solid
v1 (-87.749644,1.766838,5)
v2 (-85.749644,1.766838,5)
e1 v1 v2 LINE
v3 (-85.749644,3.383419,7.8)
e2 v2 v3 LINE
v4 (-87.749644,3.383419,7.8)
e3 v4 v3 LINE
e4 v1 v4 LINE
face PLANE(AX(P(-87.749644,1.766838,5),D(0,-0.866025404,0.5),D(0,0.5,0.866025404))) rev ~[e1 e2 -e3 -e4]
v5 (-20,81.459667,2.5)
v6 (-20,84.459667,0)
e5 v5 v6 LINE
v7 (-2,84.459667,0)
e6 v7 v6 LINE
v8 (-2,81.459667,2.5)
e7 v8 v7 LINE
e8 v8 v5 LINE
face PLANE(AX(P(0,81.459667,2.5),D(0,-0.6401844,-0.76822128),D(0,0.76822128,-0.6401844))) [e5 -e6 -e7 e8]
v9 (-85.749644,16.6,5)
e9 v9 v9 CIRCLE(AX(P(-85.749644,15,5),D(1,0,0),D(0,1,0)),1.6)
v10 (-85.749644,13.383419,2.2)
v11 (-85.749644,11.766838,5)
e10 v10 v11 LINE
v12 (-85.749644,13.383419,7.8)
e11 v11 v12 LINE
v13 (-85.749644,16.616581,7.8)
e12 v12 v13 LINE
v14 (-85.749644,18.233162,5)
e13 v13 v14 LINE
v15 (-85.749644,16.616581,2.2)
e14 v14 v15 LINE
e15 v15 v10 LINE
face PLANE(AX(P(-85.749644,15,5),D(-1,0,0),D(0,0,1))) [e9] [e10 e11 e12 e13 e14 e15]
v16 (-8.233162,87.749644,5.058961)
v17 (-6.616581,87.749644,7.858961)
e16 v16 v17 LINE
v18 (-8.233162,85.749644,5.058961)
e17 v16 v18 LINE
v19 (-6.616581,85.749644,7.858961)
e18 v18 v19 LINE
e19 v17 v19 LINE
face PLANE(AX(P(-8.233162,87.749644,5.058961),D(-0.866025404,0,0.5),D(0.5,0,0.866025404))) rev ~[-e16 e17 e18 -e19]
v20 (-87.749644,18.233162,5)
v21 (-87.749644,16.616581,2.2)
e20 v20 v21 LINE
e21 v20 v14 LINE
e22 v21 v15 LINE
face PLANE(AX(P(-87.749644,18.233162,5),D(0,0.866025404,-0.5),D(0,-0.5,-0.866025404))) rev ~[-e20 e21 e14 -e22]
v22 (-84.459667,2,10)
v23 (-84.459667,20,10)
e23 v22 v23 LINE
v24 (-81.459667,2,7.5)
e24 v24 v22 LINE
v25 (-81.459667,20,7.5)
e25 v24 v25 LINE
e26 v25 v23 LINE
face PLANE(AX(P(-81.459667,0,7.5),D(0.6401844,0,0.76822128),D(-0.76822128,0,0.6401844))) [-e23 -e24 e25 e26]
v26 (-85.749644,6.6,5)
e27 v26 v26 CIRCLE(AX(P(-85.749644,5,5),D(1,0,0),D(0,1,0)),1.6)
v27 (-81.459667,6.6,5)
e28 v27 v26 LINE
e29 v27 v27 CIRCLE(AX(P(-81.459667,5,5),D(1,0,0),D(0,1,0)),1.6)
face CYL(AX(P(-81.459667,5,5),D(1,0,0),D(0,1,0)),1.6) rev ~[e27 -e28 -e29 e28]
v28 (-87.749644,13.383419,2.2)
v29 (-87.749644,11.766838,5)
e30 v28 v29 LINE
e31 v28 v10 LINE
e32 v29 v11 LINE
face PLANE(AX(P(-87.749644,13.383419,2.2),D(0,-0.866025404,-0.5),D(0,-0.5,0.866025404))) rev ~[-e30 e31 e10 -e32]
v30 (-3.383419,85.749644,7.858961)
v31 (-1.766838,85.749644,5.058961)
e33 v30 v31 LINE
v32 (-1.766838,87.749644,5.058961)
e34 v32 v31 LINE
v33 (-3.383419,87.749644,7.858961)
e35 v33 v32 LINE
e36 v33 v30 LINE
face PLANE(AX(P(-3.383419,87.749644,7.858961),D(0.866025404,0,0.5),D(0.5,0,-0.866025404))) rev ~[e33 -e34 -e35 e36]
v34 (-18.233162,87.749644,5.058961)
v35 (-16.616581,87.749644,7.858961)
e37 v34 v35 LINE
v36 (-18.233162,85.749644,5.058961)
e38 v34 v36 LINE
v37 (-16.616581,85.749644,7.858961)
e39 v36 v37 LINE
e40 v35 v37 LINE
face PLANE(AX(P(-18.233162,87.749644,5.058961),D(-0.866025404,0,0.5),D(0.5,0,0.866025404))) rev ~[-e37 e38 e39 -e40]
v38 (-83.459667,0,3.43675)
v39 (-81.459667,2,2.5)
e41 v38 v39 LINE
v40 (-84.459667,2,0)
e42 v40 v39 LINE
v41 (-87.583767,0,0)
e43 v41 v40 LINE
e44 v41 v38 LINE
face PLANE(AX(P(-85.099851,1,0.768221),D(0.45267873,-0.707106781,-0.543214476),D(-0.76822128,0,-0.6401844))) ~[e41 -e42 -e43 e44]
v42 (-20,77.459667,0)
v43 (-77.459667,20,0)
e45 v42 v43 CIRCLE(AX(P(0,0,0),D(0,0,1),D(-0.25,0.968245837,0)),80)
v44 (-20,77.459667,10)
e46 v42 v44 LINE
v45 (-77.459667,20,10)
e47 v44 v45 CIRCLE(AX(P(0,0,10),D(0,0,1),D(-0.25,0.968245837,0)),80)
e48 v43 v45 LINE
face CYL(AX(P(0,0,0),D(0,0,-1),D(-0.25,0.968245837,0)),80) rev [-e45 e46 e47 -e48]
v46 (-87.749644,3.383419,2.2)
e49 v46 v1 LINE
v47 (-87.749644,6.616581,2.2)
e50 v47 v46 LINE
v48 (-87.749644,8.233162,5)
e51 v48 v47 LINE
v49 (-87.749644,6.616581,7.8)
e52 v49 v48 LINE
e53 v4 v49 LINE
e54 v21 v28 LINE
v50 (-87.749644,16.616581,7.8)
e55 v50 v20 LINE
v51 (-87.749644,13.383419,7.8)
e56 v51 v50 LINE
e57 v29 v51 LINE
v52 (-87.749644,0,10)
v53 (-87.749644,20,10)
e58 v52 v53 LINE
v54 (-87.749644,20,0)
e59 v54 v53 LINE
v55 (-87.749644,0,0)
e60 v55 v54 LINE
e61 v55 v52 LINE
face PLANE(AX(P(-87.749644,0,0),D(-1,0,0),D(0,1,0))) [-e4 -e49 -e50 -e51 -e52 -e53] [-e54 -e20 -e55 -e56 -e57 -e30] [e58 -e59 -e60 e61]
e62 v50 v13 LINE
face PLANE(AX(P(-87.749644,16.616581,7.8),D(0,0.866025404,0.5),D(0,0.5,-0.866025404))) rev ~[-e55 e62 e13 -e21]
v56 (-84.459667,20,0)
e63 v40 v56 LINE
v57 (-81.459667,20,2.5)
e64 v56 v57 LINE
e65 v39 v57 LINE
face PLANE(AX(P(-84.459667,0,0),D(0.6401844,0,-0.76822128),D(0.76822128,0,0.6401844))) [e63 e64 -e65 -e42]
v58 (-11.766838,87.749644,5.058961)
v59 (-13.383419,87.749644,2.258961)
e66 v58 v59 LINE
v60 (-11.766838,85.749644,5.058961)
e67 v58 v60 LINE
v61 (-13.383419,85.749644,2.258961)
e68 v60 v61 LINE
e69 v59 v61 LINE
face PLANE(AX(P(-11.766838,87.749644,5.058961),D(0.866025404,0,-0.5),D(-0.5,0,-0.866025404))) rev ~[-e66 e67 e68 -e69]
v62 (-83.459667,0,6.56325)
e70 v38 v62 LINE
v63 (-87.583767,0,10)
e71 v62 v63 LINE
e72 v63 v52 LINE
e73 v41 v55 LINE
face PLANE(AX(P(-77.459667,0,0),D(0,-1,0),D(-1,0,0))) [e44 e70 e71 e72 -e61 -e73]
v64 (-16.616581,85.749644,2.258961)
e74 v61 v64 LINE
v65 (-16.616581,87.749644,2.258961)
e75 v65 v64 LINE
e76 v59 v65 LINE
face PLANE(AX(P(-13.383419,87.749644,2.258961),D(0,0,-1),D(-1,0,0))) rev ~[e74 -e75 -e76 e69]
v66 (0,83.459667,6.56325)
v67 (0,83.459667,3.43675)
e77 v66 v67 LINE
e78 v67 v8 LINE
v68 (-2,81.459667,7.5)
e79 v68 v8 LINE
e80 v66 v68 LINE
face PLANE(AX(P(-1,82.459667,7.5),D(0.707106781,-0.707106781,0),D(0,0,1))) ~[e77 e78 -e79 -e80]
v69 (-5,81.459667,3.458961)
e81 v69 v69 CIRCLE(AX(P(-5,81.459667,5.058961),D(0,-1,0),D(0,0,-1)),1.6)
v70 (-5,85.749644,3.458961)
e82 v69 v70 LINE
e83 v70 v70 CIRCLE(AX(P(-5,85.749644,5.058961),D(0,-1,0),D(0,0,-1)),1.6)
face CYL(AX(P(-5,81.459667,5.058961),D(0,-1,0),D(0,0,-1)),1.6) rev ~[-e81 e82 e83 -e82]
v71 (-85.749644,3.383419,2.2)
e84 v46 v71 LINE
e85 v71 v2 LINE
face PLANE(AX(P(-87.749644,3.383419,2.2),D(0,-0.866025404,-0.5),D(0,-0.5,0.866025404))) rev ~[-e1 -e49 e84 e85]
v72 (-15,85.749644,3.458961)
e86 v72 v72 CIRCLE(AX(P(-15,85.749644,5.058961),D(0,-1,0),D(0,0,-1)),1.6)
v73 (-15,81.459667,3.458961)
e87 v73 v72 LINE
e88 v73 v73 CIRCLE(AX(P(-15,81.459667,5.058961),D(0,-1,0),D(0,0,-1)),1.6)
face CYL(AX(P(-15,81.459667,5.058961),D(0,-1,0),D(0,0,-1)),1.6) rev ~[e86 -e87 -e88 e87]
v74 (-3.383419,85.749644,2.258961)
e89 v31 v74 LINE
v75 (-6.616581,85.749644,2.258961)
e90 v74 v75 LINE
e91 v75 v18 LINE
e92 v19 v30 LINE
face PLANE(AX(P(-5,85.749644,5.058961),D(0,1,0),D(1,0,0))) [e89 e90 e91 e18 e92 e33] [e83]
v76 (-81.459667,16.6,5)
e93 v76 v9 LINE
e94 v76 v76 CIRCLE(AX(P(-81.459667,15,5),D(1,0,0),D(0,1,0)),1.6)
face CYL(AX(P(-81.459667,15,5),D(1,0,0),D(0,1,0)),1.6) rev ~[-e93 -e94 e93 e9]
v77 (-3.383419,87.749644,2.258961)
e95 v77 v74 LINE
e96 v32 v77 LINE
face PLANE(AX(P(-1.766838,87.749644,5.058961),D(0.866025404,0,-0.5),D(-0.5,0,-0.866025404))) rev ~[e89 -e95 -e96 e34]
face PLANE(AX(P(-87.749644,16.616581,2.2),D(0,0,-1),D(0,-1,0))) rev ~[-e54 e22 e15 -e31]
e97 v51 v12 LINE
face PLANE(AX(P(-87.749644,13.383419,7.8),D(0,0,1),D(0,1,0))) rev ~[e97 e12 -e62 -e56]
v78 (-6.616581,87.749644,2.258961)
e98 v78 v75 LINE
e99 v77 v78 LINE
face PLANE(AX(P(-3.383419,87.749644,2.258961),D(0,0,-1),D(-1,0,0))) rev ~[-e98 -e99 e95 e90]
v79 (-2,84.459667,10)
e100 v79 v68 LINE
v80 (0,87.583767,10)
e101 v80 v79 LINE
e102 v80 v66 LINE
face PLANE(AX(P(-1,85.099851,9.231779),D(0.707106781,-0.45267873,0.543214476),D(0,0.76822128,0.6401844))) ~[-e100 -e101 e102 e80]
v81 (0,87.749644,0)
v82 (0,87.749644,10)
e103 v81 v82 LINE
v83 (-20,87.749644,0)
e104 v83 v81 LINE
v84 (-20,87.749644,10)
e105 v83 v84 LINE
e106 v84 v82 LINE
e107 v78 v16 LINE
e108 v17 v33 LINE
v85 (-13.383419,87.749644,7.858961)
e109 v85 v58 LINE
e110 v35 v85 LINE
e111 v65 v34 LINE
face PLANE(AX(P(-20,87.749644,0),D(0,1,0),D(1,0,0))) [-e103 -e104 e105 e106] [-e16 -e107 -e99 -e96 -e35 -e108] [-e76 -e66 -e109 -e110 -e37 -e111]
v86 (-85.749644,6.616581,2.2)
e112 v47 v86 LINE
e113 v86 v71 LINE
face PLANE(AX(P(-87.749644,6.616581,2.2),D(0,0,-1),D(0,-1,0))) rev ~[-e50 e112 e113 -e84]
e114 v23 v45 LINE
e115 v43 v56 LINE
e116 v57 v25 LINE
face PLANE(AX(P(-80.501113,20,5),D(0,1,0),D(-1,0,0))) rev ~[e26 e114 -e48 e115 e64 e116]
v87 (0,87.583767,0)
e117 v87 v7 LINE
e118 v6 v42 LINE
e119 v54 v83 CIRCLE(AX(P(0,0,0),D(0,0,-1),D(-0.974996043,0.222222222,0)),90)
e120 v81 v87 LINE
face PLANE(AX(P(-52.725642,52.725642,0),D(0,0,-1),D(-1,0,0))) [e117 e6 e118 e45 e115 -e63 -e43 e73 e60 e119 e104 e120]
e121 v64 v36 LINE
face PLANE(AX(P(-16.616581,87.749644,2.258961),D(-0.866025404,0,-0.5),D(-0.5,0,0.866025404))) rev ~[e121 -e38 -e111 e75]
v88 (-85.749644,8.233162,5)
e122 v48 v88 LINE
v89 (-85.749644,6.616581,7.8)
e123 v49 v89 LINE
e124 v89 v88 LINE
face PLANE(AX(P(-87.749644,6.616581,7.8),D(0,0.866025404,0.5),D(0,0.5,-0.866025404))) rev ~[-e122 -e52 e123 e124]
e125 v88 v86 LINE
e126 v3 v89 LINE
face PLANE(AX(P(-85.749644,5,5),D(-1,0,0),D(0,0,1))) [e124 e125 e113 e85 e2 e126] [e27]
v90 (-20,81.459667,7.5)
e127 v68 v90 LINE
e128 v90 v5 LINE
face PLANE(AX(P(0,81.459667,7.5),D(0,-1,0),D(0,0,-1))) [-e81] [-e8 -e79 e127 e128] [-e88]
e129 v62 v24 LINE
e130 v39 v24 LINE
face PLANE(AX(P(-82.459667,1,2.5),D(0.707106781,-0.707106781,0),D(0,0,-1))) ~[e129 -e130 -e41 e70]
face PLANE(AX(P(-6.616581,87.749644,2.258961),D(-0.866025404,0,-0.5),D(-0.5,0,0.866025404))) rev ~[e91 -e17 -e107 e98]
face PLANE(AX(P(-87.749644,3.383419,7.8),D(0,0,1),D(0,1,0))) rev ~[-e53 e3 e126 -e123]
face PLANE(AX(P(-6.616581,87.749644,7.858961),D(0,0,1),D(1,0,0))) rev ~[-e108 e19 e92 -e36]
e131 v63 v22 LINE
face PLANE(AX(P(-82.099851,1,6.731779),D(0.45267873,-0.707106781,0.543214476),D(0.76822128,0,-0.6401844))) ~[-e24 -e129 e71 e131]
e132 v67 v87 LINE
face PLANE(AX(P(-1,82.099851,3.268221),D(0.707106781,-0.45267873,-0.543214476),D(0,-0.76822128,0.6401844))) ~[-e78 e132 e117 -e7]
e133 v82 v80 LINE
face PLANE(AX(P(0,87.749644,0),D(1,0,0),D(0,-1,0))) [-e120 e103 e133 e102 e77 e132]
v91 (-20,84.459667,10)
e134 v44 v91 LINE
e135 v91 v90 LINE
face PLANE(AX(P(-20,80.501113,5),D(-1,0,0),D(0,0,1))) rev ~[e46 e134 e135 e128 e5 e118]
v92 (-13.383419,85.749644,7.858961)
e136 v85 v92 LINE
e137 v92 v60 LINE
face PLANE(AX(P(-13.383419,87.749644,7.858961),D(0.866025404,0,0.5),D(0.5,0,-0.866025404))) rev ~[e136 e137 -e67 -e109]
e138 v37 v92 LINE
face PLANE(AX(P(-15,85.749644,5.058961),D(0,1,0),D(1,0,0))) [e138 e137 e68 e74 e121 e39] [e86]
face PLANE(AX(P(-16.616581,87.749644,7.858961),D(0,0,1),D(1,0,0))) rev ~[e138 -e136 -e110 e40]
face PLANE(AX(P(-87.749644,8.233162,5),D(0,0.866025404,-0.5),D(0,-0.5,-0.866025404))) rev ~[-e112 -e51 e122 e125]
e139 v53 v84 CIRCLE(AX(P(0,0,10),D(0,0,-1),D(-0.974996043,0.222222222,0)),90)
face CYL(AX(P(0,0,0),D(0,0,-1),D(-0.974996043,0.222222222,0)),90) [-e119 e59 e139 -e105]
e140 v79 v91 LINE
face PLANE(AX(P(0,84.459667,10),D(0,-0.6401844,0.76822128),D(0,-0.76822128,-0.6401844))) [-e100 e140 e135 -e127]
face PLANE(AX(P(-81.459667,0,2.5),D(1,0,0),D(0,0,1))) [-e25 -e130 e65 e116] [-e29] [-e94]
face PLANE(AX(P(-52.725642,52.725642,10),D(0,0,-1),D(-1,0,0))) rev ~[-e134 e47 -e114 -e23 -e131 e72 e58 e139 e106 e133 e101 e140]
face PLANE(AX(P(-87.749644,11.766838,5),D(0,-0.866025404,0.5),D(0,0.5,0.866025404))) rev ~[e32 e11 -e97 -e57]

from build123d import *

# Parameters (mm, degrees)
BOSS_EXTRU_1_DEPTH      = 10
ENL_V_MAT_EXTRU_1_DEPTH = 20
ENL_V_MAT_EXTRU_2_DEPTH = 20
ESQUISSE5_R             = 1.6
ENL_V_MAT_EXTRU_3_DEPTH = 20
ESQUISSE6_R             = 1.6
ENL_V_MAT_EXTRU_4_DEPTH = 20
CHANFREIN1_SIZE         = 2
ENL_V_MAT_EXTRU_5_DEPTH = 2
ENL_V_MAT_EXTRU_6_DEPTH = 2


with BuildPart() as part:
    # Esquisse1 → Boss.-Extru.1 (new body)
    with BuildSketch(Plane.XY):
        with BuildLine():
            Line((-20, 87.749643874), (0, 87.749643874))
            Line((0, 87.749643874), (0, 77.459666924))
            Line((0, 77.459666924), (-20, 77.459666924))
            ThreePointArc((-20, 77.459666924), (-56.568542495, 56.568542495), (-77.459666924, 20))
            Line((-77.459666924, 20), (-77.459666924, 0))
            Line((-77.459666924, 0), (-87.749643874, 0))
            Line((-87.749643874, 0), (-87.749643874, 20))
            ThreePointArc((-87.749643874, 20), (-63.639610307, 63.639610307), (-20, 87.749643874))
        make_face()
    extrude(amount=BOSS_EXTRU_1_DEPTH)

    # Esquisse2 → Enlèv. mat.-Extru.1 (cut)
    with BuildSketch(Plane.XZ):
        Polygon((-84.459666924, 10), (-77.459666924, 10), (-77.459666924, 0), (-84.459666924, 0), (-81.459666924, 2.5), (-81.459666924, 7.5), align=None)
    extrude(amount=-ENL_V_MAT_EXTRU_1_DEPTH, mode=Mode.SUBTRACT)

    # Esquisse4 → Enlèv. mat.-Extru.2 (cut)
    with BuildSketch(Plane(origin=(0, 0, 0), x_dir=(0, 0, -1), z_dir=(1, 0, 0))):
        Polygon((0, 84.459666924), (0, 77.459666924), (-10, 77.459666924), (-10, 84.459666924), (-7.5, 81.459666924), (-2.5, 81.459666924), align=None)
    extrude(amount=-ENL_V_MAT_EXTRU_2_DEPTH, mode=Mode.SUBTRACT)

    # Esquisse5 → Enlèv. mat.-Extru.3 (cut)
    with BuildSketch(Plane(origin=(-81.459666924, 0, 0), x_dir=(0, 0, -1), z_dir=(1, 0, 0))):
        with Locations(Location((-5, 5, 0), (0, 0, 90))):
            Circle(ESQUISSE5_R)
        with Locations(Location((-5, 15, 0), (0, 0, 90))):
            Circle(ESQUISSE5_R)
    extrude(amount=-ENL_V_MAT_EXTRU_3_DEPTH, mode=Mode.SUBTRACT)

    # Esquisse6 → Enlèv. mat.-Extru.4 (cut)
    with BuildSketch(Plane.XZ.offset(-81.459666924)):
        with Locations(Location((-5, 5.05896145, 0), (0, 0, 270))):
            Circle(ESQUISSE6_R)
        with Locations(Location((-15, 5.05896145, 0), (0, 0, 270))):
            Circle(ESQUISSE6_R)
    extrude(amount=-ENL_V_MAT_EXTRU_4_DEPTH, mode=Mode.SUBTRACT)

    # Chanfrein1
    chanfrein1_edges = [part.edges().sort_by_distance(p)[0] for p in [
        (-82.959666924, 0, 8.75),
        (-81.459666924, 0, 5),
        (-82.959666924, 0, 1.25),
        (0, 82.959666924, 1.25),
        (0, 81.459666924, 5),
        (0, 82.959666924, 8.75),
    ]]
    chamfer(chanfrein1_edges, length=CHANFREIN1_SIZE)

    # Esquisse7 → Enlèv. mat.-Extru.5 (cut)
    with BuildSketch(Plane.ZY.offset(87.749643874)):
        Polygon((2.2, 6.616580754), (2.2, 3.383419246), (5, 1.766838493), (7.8, 3.383419246), (7.8, 6.616580754), (5, 8.233161507), align=None)
        Polygon((7.8, 16.616580754), (5, 18.233161507), (2.2, 16.616580754), (2.2, 13.383419246), (5, 11.766838493), (7.8, 13.383419246), align=None)
    extrude(amount=-ENL_V_MAT_EXTRU_5_DEPTH, mode=Mode.SUBTRACT)

    # Esquisse8 → Enlèv. mat.-Extru.6 (cut)
    with BuildSketch(Plane(origin=(0, 87.749643874, 0), x_dir=(1, 0, 0), z_dir=(0, 1, 0))):
        Polygon((-3.383419246, -2.25896145), (-6.616580754, -2.25896145), (-8.233161507, -5.05896145), (-6.616580754, -7.85896145), (-3.383419246, -7.85896145), (-1.766838493, -5.05896145), align=None)
        Polygon((-13.383419246, -2.25896145), (-16.616580754, -2.25896145), (-18.233161507, -5.05896145), (-16.616580754, -7.85896145), (-13.383419246, -7.85896145), (-11.766838493, -5.05896145), align=None)
    extrude(amount=-ENL_V_MAT_EXTRU_6_DEPTH, mode=Mode.SUBTRACT)


solid = part.part
